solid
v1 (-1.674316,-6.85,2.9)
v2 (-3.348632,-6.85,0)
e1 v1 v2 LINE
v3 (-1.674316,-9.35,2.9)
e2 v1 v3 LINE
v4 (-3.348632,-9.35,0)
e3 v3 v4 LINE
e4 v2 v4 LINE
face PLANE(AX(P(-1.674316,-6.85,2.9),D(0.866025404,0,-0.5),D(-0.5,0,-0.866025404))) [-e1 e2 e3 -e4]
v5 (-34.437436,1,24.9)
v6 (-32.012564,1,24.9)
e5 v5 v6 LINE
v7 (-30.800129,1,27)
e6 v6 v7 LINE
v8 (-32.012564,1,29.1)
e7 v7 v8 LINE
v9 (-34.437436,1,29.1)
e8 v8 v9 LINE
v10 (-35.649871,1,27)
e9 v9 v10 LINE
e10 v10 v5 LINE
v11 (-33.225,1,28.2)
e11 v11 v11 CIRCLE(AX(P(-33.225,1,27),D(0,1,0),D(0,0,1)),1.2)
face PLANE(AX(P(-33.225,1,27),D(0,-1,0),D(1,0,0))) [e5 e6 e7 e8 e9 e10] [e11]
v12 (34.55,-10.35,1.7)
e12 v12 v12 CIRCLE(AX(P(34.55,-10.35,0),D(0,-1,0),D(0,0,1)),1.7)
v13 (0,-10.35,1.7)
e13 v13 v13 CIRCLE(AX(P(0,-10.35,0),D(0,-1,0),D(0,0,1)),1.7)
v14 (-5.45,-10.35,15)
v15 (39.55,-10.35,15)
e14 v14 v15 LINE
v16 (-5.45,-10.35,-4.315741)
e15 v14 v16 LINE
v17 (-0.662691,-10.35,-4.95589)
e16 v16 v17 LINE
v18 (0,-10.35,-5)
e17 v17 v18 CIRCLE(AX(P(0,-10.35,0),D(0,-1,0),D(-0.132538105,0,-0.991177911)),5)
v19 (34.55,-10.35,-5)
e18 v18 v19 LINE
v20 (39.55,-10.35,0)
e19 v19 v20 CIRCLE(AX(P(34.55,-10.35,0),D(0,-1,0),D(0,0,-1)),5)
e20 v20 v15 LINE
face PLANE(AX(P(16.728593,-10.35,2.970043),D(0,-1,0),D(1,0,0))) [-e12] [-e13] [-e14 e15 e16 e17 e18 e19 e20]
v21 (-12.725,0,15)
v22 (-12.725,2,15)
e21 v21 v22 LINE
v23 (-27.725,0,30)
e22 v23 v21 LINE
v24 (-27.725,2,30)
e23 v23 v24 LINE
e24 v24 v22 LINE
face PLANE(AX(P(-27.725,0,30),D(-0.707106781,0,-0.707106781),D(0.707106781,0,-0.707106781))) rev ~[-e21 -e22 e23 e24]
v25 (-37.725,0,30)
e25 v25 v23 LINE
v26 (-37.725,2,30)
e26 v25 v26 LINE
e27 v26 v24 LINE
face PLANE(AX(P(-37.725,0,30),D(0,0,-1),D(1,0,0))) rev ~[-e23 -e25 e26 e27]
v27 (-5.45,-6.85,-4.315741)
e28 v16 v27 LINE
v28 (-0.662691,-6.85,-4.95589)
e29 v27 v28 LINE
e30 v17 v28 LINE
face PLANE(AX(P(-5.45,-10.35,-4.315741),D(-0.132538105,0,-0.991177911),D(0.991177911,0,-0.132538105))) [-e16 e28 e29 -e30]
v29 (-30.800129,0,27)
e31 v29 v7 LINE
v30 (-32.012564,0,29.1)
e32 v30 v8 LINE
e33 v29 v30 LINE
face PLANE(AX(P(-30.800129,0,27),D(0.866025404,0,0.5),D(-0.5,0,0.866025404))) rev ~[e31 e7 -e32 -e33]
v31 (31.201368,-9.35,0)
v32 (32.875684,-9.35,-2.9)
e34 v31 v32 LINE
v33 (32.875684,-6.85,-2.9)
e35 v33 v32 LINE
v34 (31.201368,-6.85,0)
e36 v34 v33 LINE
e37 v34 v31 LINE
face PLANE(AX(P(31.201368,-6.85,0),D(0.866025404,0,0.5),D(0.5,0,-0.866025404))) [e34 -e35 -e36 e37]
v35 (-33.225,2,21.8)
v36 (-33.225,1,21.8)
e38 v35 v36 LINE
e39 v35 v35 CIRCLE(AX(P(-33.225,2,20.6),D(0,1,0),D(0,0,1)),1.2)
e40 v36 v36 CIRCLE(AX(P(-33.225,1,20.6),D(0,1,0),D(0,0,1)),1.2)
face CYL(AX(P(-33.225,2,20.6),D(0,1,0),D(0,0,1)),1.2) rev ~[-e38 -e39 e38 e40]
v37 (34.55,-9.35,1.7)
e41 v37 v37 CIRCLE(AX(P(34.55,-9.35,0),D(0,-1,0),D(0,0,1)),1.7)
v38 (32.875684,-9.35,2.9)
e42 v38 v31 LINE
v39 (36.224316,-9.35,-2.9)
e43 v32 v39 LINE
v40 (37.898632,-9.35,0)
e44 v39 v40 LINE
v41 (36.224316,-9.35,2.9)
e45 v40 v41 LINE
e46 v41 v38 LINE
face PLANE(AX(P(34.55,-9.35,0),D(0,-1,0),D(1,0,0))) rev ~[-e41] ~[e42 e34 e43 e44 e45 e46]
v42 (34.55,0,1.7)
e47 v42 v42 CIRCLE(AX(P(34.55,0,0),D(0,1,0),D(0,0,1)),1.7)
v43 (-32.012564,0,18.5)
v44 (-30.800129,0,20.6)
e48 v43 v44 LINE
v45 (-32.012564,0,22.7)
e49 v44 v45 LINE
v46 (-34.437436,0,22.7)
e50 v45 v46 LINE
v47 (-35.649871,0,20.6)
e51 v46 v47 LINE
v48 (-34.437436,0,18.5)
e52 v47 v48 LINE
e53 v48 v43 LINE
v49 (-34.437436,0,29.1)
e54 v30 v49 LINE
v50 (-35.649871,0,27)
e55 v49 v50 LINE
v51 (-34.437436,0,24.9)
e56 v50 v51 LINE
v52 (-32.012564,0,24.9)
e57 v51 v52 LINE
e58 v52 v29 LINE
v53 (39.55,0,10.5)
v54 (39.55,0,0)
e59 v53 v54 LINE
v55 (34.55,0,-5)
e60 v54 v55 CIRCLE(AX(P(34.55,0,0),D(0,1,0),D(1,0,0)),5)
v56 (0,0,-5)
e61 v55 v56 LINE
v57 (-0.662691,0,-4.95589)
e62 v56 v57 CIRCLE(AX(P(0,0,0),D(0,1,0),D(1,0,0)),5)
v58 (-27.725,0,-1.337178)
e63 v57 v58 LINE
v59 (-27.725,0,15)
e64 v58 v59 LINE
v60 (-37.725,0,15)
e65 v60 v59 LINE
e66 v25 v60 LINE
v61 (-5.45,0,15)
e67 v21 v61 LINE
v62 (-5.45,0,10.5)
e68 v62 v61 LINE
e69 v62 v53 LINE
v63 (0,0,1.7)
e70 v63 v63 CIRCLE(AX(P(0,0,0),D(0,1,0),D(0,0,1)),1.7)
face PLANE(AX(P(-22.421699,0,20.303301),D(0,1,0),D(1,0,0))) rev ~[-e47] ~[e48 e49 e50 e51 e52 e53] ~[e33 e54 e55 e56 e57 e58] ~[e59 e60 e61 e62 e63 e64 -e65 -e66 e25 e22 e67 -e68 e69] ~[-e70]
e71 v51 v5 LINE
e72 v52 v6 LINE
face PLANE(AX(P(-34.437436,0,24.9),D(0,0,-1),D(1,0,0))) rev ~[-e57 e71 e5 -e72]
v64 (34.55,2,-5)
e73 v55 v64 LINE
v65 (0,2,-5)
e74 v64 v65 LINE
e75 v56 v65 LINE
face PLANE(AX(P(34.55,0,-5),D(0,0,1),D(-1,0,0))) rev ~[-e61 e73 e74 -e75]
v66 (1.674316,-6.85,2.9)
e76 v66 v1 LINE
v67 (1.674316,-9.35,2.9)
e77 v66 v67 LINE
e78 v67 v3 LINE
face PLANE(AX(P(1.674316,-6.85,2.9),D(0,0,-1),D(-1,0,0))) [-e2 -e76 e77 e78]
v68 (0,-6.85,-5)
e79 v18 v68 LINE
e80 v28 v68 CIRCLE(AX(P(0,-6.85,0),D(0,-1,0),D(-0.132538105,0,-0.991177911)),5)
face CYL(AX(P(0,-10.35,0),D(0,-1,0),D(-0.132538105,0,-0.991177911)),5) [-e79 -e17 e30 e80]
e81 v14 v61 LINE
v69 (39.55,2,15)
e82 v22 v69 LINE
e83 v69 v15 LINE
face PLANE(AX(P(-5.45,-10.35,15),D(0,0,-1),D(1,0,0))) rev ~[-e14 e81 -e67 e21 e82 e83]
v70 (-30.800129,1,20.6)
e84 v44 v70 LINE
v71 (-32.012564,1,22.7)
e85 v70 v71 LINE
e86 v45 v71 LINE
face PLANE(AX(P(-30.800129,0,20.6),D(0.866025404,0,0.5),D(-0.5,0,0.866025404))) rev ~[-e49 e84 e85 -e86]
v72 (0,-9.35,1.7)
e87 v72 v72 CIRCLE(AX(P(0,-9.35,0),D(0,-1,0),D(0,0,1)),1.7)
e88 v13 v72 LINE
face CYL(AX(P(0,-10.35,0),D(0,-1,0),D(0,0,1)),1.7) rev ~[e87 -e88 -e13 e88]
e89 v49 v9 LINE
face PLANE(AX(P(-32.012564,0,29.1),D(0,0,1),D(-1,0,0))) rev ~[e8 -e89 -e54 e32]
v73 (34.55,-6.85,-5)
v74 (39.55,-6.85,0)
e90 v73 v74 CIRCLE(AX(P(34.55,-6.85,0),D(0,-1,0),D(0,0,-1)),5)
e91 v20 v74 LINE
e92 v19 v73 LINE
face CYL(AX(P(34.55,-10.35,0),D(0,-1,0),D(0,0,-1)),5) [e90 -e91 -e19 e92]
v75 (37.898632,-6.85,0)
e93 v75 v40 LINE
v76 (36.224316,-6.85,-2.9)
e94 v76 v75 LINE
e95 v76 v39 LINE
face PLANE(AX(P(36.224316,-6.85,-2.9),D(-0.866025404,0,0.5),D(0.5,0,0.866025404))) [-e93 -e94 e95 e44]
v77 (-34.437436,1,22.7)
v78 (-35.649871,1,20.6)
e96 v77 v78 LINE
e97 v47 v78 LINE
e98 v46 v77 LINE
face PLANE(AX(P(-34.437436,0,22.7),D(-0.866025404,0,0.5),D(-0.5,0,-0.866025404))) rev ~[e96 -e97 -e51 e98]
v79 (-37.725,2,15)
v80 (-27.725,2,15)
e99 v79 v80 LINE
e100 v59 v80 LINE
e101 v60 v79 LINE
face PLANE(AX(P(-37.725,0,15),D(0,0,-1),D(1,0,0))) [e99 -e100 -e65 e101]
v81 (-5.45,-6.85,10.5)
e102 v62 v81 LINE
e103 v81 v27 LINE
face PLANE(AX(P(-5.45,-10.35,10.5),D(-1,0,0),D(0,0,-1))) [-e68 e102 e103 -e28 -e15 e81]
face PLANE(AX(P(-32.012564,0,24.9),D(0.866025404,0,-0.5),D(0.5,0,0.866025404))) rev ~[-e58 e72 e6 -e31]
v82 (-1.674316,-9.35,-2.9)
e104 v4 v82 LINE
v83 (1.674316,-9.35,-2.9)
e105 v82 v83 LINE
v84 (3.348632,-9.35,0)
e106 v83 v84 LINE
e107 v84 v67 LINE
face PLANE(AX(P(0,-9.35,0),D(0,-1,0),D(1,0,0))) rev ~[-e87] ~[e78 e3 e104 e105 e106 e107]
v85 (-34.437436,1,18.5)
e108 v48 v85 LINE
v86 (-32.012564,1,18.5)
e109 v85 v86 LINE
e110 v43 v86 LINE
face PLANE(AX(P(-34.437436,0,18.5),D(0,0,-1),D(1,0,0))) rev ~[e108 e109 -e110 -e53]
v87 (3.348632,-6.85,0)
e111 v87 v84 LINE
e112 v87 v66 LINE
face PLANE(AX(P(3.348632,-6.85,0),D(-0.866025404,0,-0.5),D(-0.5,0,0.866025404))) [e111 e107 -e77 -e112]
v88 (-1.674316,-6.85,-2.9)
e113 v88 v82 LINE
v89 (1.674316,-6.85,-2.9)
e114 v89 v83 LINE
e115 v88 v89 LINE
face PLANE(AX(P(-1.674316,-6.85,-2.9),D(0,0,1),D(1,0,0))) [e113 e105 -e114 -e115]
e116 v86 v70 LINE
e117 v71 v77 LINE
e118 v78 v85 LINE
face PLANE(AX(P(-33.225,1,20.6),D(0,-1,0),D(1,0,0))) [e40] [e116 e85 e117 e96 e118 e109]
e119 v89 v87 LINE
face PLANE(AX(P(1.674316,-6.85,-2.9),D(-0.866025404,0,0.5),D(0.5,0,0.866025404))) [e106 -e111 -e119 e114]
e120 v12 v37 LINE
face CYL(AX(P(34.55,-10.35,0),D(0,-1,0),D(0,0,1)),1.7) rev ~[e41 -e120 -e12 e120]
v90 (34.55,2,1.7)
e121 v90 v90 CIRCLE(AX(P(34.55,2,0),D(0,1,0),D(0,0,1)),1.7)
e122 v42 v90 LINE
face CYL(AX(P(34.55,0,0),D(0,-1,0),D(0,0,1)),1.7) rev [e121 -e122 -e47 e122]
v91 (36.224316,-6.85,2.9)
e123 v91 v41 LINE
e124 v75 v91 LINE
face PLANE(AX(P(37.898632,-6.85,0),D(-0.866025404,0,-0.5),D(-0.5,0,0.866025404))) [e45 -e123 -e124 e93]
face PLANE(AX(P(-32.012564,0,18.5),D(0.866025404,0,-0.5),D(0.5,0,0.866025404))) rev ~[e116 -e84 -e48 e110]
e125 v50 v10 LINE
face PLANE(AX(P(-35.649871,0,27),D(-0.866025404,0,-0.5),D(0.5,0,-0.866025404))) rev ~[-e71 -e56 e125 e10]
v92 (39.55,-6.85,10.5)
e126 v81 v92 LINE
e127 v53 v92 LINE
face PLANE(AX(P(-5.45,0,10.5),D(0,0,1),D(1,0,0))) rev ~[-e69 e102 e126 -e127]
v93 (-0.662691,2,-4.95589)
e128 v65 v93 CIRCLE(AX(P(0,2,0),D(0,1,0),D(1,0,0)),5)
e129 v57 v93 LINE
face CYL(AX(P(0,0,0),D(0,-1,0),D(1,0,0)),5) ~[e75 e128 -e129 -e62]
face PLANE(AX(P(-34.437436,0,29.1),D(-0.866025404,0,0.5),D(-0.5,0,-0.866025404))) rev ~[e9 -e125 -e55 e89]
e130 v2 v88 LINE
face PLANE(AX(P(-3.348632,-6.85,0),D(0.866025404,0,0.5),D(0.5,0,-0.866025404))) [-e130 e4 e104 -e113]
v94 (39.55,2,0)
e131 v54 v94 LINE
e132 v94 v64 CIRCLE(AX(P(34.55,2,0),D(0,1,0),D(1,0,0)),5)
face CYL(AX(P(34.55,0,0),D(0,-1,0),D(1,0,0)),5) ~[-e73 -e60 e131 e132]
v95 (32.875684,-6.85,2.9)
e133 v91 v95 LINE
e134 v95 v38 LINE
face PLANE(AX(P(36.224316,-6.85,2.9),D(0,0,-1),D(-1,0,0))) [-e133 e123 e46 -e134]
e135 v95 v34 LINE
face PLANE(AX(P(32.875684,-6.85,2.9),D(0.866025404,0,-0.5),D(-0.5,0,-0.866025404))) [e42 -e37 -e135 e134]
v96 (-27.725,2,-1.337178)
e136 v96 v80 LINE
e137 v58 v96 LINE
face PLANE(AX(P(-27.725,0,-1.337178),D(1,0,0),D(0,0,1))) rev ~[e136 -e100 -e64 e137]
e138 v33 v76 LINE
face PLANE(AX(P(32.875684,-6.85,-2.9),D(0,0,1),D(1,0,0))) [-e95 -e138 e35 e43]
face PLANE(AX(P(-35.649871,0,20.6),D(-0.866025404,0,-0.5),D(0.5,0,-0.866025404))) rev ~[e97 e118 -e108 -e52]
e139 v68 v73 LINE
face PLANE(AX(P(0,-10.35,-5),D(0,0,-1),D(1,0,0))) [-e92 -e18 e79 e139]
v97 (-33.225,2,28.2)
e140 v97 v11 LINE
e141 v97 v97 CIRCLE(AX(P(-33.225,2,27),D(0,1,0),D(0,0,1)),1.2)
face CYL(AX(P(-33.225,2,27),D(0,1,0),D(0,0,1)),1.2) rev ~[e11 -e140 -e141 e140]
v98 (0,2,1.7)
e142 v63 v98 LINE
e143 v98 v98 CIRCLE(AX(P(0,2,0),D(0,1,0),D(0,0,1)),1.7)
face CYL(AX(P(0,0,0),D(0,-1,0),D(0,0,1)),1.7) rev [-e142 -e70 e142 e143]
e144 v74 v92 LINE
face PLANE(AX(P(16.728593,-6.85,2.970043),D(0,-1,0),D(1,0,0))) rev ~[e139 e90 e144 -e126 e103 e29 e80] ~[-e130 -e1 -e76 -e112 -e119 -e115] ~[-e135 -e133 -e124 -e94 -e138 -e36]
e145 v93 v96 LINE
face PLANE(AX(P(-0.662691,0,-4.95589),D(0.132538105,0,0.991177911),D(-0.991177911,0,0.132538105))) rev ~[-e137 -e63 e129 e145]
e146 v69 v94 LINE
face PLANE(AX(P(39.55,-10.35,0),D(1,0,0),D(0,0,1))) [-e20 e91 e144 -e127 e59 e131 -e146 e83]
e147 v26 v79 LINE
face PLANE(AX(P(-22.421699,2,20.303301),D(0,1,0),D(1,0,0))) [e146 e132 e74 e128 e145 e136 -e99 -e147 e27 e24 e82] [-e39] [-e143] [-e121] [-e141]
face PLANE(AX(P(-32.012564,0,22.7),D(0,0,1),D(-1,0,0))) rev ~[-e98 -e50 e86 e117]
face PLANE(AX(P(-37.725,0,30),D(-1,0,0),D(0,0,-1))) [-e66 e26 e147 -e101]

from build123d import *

# Parameters (mm, degrees)
SKETCH1_R           = 1.7
BOSS_EXTRUDE1_DEPTH = 2
SKETCH2_W           = 45
SKETCH2_H           = 4.5
BOSS_EXTRUDE2_DEPTH = 6.85
BOSS_EXTRUDE3_START = 3.5
BOSS_EXTRUDE3_DEPTH = 3.5
CUT_EXTRUDE1_DEPTH  = 2.5
CUT_EXTRUDE2_REACH  = 53.154
SKETCH4_R           = 1.2
CUT_EXTRUDE3_DEPTH  = 1
CUT_EXTRUDE4_REACH  = 53.154
SKETCH6_R           = 1.7


with BuildPart() as part:
    # Sketch1 → Boss-Extrude1 (new body)
    with BuildSketch(Plane(origin=(0, 0, 0), x_dir=(1, 0, 0), z_dir=(0, 1, 0))):
        with BuildLine():
            Line((34.55, 5), (0, 5))
            ThreePointArc((0, 5), (-0.332078478, 4.988960201), (-0.662690524, 4.955889554))
            Line((-0.662690524, 4.955889554), (-27.725, 1.337177748))
            Line((-27.725, 1.337177748), (-27.725, -15))
            Line((-27.725, -15), (-37.725, -15))
            Line((-37.725, -15), (-37.725, -30))
            Line((-37.725, -30), (-27.725, -30))
            Line((-27.725, -30), (-12.725, -15))
            Line((-12.725, -15), (39.55, -15))
            Line((39.55, -15), (39.55, 0))
            ThreePointArc((39.55, 0), (38.085533906, 3.535533906), (34.55, 5))
        make_face()
        Circle(SKETCH1_R, mode=Mode.SUBTRACT)
        with Locations((34.55, 0)):
            Circle(SKETCH1_R, mode=Mode.SUBTRACT)
    extrude(amount=BOSS_EXTRUDE1_DEPTH)

    # Sketch2 → Boss-Extrude2 (add)
    with BuildSketch(Plane.XZ):
        with Locations((17.05, 12.75)):
            Rectangle(SKETCH2_W, SKETCH2_H)
    extrude(amount=BOSS_EXTRUDE2_DEPTH)

    # Sketch3 → Boss-Extrude3 (add)
    with BuildSketch(Plane.XZ.offset(6.85).offset(BOSS_EXTRUDE3_START)):
        with BuildLine():
            Line((39.55, 0), (39.55, 15))
            Line((39.55, 15), (-5.45, 15))
            Line((-5.45, 15), (-5.45, -4.315741183))
            Line((-5.45, -4.315741183), (-0.662690524, -4.955889554))
            ThreePointArc((-0.662690524, -4.955889554), (-0.332078478, -4.988960201), (0, -5))
            Line((0, -5), (34.55, -5))
            ThreePointArc((34.55, -5), (38.085533906, -3.535533906), (39.55, 0))
        make_face()
    extrude(amount=-BOSS_EXTRUDE3_DEPTH)

    # Sketch3<3> → Cut-Extrude1 (cut)
    with BuildSketch(Plane.XZ.offset(6.85)):
        Polygon((37.898631561, 0), (36.224315781, 2.9), (32.875684219, 2.9), (31.201368439, 0), (32.875684219, -2.9), (36.224315781, -2.9), align=None)
        Polygon((3.348631561, 0), (1.674315781, 2.9), (-1.674315781, 2.9), (-3.348631561, 0), (-1.674315781, -2.9), (1.674315781, -2.9), align=None)
    extrude(amount=CUT_EXTRUDE1_DEPTH, mode=Mode.SUBTRACT)

    # Sketch4 → Cut-Extrude2 (cut, up to next)
    with BuildSketch(Plane(origin=(0, 2, 0), x_dir=(1, 0, 0), z_dir=(0, 1, 0)), mode=Mode.PRIVATE) as cut_extrude2_sk1:
        with Locations((-33.225, -20.6)):
            Circle(SKETCH4_R)
    cut_extrude2_tool1 = extrude(cut_extrude2_sk1.sketch, amount=-CUT_EXTRUDE2_REACH, mode=Mode.PRIVATE) & part.part
    # Sketch4 → Cut-Extrude2 (cut, up to next)
    with BuildSketch(Plane(origin=(0, 2, 0), x_dir=(1, 0, 0), z_dir=(0, 1, 0)), mode=Mode.PRIVATE) as cut_extrude2_sk2:
        with Locations((-33.225, -27)):
            Circle(SKETCH4_R)
    cut_extrude2_tool2 = extrude(cut_extrude2_sk2.sketch, amount=-CUT_EXTRUDE2_REACH, mode=Mode.PRIVATE) & part.part
    add(cut_extrude2_tool1.solids().sort_by_distance((-33.225, 2, 20.6))[0], mode=Mode.SUBTRACT)
    add(cut_extrude2_tool2.solids().sort_by_distance((-33.225, 2, 27))[0], mode=Mode.SUBTRACT)

    # Sketch5 → Cut-Extrude3 (cut)
    with BuildSketch(Plane.XZ):
        Polygon((-32.012564435, 22.7), (-34.437435565, 22.7), (-35.649871131, 20.6), (-34.437435565, 18.5), (-32.012564435, 18.5), (-30.800128869, 20.6), align=None)
        Polygon((-32.012564435, 29.1), (-34.437435565, 29.1), (-35.649871131, 27), (-34.437435565, 24.9), (-32.012564435, 24.9), (-30.800128869, 27), align=None)
    extrude(amount=-CUT_EXTRUDE3_DEPTH, mode=Mode.SUBTRACT)

    # Sketch6 → Cut-Extrude4 (cut, up to next)
    with BuildSketch(Plane.XZ.offset(10.35), mode=Mode.PRIVATE) as cut_extrude4_sk1:
        Circle(SKETCH6_R)
    cut_extrude4_tool1 = extrude(cut_extrude4_sk1.sketch, amount=-CUT_EXTRUDE4_REACH, mode=Mode.PRIVATE) & part.part
    # Sketch6 → Cut-Extrude4 (cut, up to next)
    with BuildSketch(Plane.XZ.offset(10.35), mode=Mode.PRIVATE) as cut_extrude4_sk2:
        with Locations((34.55, 0)):
            Circle(SKETCH6_R)
    cut_extrude4_tool2 = extrude(cut_extrude4_sk2.sketch, amount=-CUT_EXTRUDE4_REACH, mode=Mode.PRIVATE) & part.part
    add(cut_extrude4_tool1.solids().sort_by_distance((0, -10.35, 0))[0], mode=Mode.SUBTRACT)
    add(cut_extrude4_tool2.solids().sort_by_distance((34.55, -10.35, 0))[0], mode=Mode.SUBTRACT)


solid = part.part
